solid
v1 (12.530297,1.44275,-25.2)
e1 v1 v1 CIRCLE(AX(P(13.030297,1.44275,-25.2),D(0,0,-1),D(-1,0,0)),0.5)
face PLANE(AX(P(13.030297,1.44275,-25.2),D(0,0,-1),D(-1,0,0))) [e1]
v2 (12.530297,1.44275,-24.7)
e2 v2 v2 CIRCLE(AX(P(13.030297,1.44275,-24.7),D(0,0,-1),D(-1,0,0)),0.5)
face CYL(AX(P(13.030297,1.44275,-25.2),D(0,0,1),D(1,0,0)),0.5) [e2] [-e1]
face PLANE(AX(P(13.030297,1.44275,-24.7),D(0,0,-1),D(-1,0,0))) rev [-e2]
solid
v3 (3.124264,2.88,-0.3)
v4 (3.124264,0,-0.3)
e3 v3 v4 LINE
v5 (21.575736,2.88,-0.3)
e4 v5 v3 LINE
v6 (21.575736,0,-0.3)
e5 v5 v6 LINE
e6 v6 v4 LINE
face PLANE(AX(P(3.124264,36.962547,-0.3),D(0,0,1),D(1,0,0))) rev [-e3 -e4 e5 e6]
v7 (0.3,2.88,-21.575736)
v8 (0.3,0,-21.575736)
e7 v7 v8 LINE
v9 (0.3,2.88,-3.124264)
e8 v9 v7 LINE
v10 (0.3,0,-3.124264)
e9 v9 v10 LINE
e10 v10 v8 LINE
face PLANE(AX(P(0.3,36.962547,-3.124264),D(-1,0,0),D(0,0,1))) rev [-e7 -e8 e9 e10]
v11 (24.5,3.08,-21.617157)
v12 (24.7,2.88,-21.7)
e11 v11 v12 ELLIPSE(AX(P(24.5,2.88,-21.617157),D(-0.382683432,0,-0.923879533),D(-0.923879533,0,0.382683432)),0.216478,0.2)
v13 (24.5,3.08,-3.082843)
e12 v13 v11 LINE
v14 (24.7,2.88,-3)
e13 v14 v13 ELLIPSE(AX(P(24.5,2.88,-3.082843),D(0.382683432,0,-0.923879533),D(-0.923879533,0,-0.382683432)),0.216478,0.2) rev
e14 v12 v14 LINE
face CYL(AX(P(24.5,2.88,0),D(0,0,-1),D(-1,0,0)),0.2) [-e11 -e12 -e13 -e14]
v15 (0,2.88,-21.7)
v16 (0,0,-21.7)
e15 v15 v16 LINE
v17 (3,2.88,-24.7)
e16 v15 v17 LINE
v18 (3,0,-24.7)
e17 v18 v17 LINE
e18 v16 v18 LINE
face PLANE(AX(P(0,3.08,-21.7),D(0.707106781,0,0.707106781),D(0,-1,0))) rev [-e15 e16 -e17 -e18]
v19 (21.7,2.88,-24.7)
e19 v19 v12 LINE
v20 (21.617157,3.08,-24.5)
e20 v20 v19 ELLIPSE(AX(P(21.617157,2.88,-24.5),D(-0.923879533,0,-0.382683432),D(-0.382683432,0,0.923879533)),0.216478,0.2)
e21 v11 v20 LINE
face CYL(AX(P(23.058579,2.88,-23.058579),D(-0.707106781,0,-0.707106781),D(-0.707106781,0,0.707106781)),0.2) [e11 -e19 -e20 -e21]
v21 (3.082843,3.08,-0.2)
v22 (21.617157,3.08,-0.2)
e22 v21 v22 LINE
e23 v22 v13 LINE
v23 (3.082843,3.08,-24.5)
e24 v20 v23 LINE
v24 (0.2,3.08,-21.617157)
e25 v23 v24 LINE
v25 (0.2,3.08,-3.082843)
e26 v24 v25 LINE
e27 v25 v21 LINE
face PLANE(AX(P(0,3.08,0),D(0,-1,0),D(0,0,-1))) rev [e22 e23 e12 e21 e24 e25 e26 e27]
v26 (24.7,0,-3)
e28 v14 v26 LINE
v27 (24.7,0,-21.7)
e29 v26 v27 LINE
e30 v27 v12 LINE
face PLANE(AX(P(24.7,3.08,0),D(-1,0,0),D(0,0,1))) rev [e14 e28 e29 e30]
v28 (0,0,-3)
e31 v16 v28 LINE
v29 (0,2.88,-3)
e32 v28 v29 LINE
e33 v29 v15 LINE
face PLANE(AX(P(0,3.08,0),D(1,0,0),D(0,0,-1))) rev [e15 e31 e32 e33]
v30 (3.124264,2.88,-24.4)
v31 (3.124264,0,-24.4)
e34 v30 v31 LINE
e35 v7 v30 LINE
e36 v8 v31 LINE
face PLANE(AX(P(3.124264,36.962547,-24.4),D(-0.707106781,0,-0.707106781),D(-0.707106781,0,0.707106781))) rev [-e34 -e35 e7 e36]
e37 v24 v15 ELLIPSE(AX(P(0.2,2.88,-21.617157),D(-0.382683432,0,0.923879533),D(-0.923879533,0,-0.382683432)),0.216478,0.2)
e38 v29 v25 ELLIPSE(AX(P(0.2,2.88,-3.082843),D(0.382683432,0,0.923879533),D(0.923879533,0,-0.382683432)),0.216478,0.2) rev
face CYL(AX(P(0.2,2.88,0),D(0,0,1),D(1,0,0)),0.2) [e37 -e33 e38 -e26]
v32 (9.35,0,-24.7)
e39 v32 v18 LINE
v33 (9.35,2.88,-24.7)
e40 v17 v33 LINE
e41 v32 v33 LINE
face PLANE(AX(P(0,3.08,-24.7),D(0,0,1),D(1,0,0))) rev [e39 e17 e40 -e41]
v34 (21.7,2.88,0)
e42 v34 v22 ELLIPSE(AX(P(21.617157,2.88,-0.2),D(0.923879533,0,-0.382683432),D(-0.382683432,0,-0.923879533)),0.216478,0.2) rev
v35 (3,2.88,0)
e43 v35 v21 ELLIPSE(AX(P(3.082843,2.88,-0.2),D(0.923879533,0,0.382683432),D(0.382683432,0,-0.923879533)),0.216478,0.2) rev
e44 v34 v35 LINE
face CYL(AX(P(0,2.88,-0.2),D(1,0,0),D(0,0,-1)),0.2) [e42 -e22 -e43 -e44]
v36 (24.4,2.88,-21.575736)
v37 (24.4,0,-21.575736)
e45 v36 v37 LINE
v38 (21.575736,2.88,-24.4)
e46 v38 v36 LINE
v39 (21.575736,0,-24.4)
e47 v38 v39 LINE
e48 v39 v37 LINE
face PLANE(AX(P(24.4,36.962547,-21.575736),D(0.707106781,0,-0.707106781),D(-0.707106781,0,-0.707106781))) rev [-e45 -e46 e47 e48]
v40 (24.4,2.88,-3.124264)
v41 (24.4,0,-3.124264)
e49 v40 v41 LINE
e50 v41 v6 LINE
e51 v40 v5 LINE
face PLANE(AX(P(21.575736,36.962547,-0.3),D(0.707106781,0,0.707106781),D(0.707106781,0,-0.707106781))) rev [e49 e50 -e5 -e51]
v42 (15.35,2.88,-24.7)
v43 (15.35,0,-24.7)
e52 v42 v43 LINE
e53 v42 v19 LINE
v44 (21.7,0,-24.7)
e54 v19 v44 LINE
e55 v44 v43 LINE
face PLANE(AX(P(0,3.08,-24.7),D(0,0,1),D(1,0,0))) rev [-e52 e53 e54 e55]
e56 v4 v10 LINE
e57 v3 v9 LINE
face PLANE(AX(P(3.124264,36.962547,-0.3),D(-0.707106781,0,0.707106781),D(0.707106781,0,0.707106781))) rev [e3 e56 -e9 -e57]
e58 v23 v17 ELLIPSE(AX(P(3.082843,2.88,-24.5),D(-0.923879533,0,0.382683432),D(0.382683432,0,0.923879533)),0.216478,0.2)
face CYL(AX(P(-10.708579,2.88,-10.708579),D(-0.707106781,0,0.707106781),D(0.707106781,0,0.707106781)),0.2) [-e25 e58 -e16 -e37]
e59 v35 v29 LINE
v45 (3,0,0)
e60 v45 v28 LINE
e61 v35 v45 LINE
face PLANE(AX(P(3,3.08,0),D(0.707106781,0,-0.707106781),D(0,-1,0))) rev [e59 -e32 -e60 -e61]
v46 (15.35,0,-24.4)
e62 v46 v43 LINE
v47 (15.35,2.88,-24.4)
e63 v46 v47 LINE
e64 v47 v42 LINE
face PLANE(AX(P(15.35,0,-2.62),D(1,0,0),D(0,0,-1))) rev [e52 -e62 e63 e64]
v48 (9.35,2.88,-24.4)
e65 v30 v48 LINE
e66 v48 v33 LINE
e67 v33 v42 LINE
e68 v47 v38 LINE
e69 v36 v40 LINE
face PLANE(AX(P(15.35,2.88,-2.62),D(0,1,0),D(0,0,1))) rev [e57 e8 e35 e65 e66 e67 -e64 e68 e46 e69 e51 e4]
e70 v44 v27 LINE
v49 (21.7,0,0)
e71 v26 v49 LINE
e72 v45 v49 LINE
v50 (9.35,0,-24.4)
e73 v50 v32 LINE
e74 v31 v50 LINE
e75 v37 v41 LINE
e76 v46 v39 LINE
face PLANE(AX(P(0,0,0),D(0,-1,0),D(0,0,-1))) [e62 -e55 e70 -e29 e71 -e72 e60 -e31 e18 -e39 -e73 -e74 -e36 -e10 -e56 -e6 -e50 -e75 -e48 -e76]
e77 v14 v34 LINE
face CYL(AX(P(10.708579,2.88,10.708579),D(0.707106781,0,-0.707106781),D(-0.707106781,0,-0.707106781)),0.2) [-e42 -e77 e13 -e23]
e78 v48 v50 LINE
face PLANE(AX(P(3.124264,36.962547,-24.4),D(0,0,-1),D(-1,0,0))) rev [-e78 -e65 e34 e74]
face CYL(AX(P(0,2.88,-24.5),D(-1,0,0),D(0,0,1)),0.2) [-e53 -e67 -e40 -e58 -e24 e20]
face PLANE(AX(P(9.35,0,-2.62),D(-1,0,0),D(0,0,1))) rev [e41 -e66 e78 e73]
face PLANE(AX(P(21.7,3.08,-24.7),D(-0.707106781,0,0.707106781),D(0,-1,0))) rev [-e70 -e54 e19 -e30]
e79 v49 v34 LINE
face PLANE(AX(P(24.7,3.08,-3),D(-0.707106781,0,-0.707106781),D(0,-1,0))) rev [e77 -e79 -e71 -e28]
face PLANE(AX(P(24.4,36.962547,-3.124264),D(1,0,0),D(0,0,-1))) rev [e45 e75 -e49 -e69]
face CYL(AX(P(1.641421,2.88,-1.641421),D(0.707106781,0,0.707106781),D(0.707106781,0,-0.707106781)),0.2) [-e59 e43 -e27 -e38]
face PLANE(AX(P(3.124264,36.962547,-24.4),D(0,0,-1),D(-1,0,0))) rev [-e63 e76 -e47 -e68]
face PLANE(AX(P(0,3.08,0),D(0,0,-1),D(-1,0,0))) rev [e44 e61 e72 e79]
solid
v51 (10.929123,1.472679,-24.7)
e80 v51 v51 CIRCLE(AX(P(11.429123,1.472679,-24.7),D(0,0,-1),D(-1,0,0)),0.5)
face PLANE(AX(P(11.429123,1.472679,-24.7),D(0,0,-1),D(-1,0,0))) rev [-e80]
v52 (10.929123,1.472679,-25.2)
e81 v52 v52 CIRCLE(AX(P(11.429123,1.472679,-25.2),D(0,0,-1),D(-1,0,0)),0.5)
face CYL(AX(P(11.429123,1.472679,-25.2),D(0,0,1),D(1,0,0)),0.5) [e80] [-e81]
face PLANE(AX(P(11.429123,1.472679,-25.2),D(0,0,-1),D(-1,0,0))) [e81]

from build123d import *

# Parameters (mm, degrees)
ESQUISSE1_W             = 24.7
ESQUISSE1_H             = 24.7
BOSS_EXTRU_1_DEPTH      = 3.08
CHANFREIN1_SIZE         = 3
CONG_1_R                = 0.2
ESQUISSE2_W             = 6
ESQUISSE2_H             = 2.88
ENL_V_MAT_EXTRU_1_DEPTH = 22.08
ENL_V_MAT_EXTRU_2_DEPTH = 2.88
SKETCH1_R               = 0.5
BOSS_EXTRUDE1_DEPTH     = 0.5
BOSS_EXTRUDE1_2_DEPTH   = 0.5


with BuildPart() as part:
    # Esquisse1 → Boss.-Extru.1 (new body)
    with BuildSketch(Plane(origin=(0, 0, 0), x_dir=(1, 0, 0), z_dir=(0, 1, 0))):
        with Locations((12.35, 12.35)):
            Rectangle(ESQUISSE1_W, ESQUISSE1_H)
    extrude(amount=BOSS_EXTRU_1_DEPTH)

    # Chanfrein1
    chanfrein1_edges = [part.edges().sort_by_distance(p)[0] for p in [
        (0, 1.54, -24.7),
        (24.7, 1.54, -24.7),
        (24.7, 1.54, 0),
        (0, 1.54, 0),
    ]]
    chamfer(chanfrein1_edges, length=CHANFREIN1_SIZE)

    # Congé1
    cong_1_edges = [part.edges().sort_by_distance(p)[0] for p in [
        (0, 3.08, -12.35),
        (12.35, 3.08, -24.7),
        (12.35, 3.08, 0),
        (24.7, 3.08, -12.35),
        (1.5, 3.08, -1.5),
        (23.2, 3.08, -1.5),
        (23.2, 3.08, -23.2),
        (1.5, 3.08, -23.2),
    ]]
    fillet(cong_1_edges, radius=CONG_1_R)

    # Esquisse2 → Enlèv. mat.-Extru.1 (cut)
    with BuildSketch(Plane(origin=(0, 0, -24.7), x_dir=(-1, 0, 0), z_dir=(0, 0, -1))):
        with Locations((-12.35, 1.44)):
            Rectangle(ESQUISSE2_W, ESQUISSE2_H)
    extrude(amount=-ENL_V_MAT_EXTRU_1_DEPTH, mode=Mode.SUBTRACT)

    # Esquisse3 → Enlèv. mat.-Extru.2 (cut)
    with BuildSketch(Plane.XZ):
        Polygon((3.124264069, -24.4), (21.575735931, -24.4), (24.4, -21.575735931), (24.4, -3.124264069), (21.575735931, -0.3), (3.124264069, -0.3), (0.3, -3.124264069), (0.3, -21.575735931), align=None)
    extrude(amount=-ENL_V_MAT_EXTRU_2_DEPTH, mode=Mode.SUBTRACT)


with BuildPart() as body_2:
    # Sketch1 → Boss-Extrude1 (new body)
    with BuildSketch(Plane(origin=(0, 0, -24.7), x_dir=(-1, 0, 0), z_dir=(0, 0, -1))):
        with Locations((-11.42912296, 1.472678578)):
            Circle(SKETCH1_R)
    extrude(amount=BOSS_EXTRUDE1_DEPTH)


with BuildPart() as body_3:
    # Sketch1 → Boss-Extrude1 2 (new body)
    with BuildSketch(Plane(origin=(0, 0, -24.7), x_dir=(-1, 0, 0), z_dir=(0, 0, -1))):
        with Locations((-13.030297456, 1.442750083)):
            Circle(SKETCH1_R)
    extrude(amount=BOSS_EXTRUDE1_2_DEPTH)


solid = Compound([part.part, body_2.part, body_3.part])
